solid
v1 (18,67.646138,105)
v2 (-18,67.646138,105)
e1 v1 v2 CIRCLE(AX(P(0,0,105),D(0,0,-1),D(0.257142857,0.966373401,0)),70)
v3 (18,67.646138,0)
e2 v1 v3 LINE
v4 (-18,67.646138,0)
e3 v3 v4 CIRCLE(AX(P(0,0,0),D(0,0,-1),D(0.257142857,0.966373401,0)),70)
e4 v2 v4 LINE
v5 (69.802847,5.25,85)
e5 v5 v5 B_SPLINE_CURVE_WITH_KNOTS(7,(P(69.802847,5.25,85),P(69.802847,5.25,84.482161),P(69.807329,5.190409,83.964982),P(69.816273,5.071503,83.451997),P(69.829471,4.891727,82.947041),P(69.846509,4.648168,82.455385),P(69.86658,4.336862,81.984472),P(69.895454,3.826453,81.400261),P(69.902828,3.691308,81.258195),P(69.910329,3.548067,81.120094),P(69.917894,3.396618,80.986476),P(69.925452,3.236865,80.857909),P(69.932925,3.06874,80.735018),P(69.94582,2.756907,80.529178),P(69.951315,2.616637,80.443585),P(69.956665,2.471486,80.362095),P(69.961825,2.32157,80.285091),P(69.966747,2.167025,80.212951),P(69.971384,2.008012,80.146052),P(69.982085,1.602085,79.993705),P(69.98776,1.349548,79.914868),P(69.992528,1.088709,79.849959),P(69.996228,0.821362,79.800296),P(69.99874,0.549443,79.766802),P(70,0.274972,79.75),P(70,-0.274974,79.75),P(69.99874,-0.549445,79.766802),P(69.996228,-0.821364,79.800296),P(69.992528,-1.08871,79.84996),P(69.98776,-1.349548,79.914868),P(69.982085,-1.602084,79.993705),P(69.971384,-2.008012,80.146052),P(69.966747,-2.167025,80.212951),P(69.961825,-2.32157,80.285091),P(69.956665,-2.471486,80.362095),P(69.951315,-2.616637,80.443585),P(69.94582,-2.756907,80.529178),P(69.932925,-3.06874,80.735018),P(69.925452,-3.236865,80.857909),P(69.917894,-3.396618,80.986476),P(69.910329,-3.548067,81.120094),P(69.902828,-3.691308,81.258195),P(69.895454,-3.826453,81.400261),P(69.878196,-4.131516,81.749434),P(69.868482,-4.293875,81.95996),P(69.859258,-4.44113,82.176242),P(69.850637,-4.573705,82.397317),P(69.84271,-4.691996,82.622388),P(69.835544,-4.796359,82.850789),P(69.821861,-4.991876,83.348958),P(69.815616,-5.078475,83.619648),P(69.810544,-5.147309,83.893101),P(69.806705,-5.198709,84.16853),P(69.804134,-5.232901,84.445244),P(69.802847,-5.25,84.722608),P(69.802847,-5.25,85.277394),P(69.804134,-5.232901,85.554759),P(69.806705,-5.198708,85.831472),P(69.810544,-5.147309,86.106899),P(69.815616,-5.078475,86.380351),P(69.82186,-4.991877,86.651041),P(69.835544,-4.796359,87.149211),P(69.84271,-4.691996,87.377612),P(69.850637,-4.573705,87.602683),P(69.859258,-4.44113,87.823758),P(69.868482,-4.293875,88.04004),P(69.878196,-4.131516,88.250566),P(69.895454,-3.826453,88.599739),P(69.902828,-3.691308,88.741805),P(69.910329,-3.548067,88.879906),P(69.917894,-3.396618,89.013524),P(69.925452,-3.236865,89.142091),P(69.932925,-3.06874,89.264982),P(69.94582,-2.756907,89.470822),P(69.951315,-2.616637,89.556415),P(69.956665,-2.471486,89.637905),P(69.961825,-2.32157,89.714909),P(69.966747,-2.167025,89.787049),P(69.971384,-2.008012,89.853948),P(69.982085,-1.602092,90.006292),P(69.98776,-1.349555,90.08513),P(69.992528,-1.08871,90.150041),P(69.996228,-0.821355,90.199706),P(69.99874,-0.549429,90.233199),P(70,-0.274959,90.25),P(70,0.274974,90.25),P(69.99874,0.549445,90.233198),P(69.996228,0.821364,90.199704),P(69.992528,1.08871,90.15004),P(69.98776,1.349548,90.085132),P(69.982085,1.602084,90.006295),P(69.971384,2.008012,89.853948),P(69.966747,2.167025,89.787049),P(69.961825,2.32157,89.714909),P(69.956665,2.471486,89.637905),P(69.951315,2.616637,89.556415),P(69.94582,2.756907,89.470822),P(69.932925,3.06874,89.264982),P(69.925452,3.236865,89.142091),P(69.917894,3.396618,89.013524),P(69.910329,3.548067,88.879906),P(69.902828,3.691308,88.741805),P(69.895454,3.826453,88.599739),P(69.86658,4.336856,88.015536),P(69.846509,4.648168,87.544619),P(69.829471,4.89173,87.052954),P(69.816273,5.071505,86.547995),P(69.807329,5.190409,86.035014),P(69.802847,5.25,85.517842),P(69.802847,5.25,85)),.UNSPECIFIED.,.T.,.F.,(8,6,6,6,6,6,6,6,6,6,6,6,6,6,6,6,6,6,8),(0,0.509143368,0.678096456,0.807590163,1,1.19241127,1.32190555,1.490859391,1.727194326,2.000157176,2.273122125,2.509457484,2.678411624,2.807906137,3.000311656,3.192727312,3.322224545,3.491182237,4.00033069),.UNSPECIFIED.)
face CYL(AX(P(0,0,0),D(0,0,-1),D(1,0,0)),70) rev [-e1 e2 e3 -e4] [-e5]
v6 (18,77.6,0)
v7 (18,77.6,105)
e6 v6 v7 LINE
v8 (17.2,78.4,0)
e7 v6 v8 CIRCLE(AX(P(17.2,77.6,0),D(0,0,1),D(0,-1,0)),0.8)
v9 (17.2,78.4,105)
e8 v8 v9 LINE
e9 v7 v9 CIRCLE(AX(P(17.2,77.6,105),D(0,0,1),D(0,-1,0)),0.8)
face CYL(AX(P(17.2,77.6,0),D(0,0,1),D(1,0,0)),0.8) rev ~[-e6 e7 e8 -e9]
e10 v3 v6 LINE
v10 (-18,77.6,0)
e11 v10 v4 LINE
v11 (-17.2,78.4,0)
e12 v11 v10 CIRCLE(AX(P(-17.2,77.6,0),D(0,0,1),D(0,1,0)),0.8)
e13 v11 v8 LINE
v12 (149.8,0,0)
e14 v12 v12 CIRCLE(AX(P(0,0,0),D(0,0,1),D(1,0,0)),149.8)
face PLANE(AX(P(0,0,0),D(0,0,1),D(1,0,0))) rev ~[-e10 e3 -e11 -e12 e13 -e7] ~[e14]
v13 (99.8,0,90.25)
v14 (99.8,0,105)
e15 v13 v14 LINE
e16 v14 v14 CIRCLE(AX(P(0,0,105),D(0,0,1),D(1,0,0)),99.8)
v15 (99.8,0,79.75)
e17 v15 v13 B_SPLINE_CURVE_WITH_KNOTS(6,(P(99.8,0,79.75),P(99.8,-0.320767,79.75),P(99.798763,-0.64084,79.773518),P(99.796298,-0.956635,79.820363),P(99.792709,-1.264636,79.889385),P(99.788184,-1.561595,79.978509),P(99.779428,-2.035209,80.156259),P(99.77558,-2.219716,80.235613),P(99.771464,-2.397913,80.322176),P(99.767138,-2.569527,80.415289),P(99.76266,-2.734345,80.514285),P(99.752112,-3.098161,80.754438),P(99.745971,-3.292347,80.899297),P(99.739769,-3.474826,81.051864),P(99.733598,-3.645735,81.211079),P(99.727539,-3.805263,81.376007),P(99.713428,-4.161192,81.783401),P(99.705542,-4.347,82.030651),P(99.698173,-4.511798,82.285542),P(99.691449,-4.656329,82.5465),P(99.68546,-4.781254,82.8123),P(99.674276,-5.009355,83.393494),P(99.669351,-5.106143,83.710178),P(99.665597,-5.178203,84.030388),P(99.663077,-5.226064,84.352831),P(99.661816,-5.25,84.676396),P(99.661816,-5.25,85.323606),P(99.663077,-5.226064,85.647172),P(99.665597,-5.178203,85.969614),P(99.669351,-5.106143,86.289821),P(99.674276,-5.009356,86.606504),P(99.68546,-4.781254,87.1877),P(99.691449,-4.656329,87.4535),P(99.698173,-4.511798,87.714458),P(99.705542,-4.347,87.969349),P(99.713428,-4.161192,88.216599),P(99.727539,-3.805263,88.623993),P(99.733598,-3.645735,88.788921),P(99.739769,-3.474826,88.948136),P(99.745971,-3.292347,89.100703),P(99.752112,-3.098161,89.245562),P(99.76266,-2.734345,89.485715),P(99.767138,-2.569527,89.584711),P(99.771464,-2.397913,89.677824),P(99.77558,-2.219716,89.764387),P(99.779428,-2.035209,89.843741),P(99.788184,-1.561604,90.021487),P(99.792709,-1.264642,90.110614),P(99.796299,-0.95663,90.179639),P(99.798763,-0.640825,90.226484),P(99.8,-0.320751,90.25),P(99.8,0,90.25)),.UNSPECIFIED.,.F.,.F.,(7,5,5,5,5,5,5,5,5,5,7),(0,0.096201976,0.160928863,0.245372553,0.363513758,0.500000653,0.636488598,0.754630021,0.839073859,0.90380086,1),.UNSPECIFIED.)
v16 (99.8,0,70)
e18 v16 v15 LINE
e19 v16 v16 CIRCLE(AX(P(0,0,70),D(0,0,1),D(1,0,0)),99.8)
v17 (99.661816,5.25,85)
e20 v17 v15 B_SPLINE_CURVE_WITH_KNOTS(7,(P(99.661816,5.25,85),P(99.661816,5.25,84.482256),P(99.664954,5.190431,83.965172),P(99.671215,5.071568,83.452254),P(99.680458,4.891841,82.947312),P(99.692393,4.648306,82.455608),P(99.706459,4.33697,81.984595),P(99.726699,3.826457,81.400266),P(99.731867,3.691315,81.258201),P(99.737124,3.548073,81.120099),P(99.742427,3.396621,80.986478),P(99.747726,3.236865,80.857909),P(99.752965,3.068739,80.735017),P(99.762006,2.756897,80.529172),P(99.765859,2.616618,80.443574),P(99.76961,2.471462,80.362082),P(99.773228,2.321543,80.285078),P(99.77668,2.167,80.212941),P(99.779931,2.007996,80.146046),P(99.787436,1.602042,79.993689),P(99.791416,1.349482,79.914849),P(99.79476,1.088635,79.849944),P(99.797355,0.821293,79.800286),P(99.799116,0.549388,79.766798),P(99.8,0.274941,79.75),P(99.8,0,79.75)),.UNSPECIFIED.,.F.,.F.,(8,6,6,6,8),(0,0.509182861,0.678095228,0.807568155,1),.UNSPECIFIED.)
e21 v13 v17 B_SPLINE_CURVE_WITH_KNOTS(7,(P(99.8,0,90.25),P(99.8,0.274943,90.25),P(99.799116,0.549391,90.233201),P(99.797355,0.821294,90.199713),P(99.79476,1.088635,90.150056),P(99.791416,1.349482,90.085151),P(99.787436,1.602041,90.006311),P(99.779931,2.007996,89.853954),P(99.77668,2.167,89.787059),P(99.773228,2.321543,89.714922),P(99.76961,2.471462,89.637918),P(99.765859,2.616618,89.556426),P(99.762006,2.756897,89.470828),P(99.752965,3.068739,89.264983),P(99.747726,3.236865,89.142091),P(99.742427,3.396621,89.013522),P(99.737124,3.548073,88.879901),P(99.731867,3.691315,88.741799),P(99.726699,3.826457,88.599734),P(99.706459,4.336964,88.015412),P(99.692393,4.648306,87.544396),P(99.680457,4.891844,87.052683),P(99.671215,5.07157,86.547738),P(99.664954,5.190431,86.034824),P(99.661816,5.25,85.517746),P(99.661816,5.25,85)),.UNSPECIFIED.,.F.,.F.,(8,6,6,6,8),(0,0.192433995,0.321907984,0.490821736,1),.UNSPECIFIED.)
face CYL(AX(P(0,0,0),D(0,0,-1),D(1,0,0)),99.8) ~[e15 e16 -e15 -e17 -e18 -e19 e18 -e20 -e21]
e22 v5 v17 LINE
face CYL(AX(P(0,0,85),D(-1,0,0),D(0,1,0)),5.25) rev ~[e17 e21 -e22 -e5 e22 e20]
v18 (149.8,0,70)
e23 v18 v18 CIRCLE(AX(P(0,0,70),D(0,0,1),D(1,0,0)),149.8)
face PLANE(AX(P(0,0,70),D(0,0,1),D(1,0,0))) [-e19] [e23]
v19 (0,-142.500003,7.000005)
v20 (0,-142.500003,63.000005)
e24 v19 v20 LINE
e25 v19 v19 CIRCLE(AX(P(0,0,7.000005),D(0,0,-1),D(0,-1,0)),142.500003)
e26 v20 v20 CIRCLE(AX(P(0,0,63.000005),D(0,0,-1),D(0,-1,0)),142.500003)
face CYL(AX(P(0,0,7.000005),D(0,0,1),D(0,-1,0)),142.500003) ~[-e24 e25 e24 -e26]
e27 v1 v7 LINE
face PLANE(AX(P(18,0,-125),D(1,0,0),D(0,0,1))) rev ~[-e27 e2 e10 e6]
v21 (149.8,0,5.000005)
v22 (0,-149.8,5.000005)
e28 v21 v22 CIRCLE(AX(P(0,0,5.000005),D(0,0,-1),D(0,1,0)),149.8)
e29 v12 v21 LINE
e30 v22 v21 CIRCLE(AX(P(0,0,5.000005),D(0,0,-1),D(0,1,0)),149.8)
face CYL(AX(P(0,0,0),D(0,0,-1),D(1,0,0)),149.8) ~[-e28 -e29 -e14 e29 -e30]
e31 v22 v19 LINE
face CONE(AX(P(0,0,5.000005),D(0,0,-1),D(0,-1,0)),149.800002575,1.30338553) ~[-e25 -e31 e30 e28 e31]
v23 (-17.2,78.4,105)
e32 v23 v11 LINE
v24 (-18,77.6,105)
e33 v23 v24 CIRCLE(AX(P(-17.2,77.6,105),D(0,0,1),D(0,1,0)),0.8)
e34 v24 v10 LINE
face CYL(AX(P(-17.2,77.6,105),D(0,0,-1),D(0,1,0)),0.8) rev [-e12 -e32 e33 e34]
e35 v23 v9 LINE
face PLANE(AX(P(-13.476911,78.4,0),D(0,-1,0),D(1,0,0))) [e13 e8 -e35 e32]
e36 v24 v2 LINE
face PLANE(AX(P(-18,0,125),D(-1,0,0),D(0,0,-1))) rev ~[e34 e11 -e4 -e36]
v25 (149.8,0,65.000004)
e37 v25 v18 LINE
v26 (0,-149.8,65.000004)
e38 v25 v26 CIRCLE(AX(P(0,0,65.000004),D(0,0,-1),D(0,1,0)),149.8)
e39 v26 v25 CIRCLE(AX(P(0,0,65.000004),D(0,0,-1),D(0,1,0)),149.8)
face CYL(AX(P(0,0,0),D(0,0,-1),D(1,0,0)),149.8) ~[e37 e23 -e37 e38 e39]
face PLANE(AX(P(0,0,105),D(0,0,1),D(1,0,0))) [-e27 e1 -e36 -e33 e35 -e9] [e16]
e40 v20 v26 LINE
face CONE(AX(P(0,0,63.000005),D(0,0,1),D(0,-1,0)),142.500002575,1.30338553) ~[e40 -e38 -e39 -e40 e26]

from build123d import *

# Parameters (mm, degrees)
F0_R     = 149.8
F0_R_2   = 99.8
F1_DEPTH = 70
F0_R_3   = 70
F2_DEPTH = 105
F6_DEPTH = 78.4
F8_D     = 10.5
F8_DEPTH = 149.801
F9_R     = 0.8


with BuildPart() as f1:
    # F0 (on Top) → F1 (new body)
    with BuildSketch(Plane.XY):
        Circle(F0_R)
        Circle(F0_R_2, mode=Mode.SUBTRACT)
    extrude(amount=F1_DEPTH)

    # F0 (on Top) → F2 (join)
    with BuildSketch(Plane.XY):
        Circle(F0_R_2)
        Circle(F0_R_3, mode=Mode.SUBTRACT)
    extrude(amount=F2_DEPTH)

    # F4: sweep along a path in F4_path
    with BuildLine(Plane(origin=(149.8, 0, 70), x_dir=(0, -1, 0), z_dir=(0, 0, -1))) as f4_path:
        CenterArc((0, 149.8), 149.8, 0, 360)
    # F3 (on Right) → F4 (sweep, cut)
    with BuildSketch(Plane.YZ):
        Polygon((-142.5000025749, 7.0000045449), (-149.8000025749, 7.0000045449), (-149.8000025749, 5.0000045449), align=None)
        Polygon((-142.5000025749, 63.0000045449), (-149.8000025749, 65.0000045449), (-149.8000025749, 7.0000045449), (-142.5000025749, 7.0000045449), align=None)
    sweep(path=f4_path.line, mode=Mode.SUBTRACT)

    # F5 (on Front) → F6 (cut)
    with BuildSketch(Plane.XZ):
        Polygon((-18, -125), (0, 0), (-18, 125), align=None)
        Polygon((0, -125), (18, -125), (0, 0), (-18, -125), align=None)
        Polygon((0, 0), (18, -125), (18, 125), align=None)
        Polygon((0, 0), (18, 125), (-18, 125), align=None)
    extrude(amount=-F6_DEPTH, mode=Mode.SUBTRACT)

    # F8 (through all, one way)
    with BuildSketch(Plane(origin=(0, 0, 0), x_dir=(0, 1, 0), z_dir=(-1, 0, 0))):
        with Locations((0, -85)):
            Circle(F8_D / 2)
    extrude(amount=-F8_DEPTH, mode=Mode.SUBTRACT)

    # F9
    f9_edges = [f1.edges().sort_by_distance(p)[0] for p in [
        (18, 78.4, 52.5),
        (-18, 78.4, 52.5),
    ]]
    fillet(f9_edges, radius=F9_R)


solid = f1.part
